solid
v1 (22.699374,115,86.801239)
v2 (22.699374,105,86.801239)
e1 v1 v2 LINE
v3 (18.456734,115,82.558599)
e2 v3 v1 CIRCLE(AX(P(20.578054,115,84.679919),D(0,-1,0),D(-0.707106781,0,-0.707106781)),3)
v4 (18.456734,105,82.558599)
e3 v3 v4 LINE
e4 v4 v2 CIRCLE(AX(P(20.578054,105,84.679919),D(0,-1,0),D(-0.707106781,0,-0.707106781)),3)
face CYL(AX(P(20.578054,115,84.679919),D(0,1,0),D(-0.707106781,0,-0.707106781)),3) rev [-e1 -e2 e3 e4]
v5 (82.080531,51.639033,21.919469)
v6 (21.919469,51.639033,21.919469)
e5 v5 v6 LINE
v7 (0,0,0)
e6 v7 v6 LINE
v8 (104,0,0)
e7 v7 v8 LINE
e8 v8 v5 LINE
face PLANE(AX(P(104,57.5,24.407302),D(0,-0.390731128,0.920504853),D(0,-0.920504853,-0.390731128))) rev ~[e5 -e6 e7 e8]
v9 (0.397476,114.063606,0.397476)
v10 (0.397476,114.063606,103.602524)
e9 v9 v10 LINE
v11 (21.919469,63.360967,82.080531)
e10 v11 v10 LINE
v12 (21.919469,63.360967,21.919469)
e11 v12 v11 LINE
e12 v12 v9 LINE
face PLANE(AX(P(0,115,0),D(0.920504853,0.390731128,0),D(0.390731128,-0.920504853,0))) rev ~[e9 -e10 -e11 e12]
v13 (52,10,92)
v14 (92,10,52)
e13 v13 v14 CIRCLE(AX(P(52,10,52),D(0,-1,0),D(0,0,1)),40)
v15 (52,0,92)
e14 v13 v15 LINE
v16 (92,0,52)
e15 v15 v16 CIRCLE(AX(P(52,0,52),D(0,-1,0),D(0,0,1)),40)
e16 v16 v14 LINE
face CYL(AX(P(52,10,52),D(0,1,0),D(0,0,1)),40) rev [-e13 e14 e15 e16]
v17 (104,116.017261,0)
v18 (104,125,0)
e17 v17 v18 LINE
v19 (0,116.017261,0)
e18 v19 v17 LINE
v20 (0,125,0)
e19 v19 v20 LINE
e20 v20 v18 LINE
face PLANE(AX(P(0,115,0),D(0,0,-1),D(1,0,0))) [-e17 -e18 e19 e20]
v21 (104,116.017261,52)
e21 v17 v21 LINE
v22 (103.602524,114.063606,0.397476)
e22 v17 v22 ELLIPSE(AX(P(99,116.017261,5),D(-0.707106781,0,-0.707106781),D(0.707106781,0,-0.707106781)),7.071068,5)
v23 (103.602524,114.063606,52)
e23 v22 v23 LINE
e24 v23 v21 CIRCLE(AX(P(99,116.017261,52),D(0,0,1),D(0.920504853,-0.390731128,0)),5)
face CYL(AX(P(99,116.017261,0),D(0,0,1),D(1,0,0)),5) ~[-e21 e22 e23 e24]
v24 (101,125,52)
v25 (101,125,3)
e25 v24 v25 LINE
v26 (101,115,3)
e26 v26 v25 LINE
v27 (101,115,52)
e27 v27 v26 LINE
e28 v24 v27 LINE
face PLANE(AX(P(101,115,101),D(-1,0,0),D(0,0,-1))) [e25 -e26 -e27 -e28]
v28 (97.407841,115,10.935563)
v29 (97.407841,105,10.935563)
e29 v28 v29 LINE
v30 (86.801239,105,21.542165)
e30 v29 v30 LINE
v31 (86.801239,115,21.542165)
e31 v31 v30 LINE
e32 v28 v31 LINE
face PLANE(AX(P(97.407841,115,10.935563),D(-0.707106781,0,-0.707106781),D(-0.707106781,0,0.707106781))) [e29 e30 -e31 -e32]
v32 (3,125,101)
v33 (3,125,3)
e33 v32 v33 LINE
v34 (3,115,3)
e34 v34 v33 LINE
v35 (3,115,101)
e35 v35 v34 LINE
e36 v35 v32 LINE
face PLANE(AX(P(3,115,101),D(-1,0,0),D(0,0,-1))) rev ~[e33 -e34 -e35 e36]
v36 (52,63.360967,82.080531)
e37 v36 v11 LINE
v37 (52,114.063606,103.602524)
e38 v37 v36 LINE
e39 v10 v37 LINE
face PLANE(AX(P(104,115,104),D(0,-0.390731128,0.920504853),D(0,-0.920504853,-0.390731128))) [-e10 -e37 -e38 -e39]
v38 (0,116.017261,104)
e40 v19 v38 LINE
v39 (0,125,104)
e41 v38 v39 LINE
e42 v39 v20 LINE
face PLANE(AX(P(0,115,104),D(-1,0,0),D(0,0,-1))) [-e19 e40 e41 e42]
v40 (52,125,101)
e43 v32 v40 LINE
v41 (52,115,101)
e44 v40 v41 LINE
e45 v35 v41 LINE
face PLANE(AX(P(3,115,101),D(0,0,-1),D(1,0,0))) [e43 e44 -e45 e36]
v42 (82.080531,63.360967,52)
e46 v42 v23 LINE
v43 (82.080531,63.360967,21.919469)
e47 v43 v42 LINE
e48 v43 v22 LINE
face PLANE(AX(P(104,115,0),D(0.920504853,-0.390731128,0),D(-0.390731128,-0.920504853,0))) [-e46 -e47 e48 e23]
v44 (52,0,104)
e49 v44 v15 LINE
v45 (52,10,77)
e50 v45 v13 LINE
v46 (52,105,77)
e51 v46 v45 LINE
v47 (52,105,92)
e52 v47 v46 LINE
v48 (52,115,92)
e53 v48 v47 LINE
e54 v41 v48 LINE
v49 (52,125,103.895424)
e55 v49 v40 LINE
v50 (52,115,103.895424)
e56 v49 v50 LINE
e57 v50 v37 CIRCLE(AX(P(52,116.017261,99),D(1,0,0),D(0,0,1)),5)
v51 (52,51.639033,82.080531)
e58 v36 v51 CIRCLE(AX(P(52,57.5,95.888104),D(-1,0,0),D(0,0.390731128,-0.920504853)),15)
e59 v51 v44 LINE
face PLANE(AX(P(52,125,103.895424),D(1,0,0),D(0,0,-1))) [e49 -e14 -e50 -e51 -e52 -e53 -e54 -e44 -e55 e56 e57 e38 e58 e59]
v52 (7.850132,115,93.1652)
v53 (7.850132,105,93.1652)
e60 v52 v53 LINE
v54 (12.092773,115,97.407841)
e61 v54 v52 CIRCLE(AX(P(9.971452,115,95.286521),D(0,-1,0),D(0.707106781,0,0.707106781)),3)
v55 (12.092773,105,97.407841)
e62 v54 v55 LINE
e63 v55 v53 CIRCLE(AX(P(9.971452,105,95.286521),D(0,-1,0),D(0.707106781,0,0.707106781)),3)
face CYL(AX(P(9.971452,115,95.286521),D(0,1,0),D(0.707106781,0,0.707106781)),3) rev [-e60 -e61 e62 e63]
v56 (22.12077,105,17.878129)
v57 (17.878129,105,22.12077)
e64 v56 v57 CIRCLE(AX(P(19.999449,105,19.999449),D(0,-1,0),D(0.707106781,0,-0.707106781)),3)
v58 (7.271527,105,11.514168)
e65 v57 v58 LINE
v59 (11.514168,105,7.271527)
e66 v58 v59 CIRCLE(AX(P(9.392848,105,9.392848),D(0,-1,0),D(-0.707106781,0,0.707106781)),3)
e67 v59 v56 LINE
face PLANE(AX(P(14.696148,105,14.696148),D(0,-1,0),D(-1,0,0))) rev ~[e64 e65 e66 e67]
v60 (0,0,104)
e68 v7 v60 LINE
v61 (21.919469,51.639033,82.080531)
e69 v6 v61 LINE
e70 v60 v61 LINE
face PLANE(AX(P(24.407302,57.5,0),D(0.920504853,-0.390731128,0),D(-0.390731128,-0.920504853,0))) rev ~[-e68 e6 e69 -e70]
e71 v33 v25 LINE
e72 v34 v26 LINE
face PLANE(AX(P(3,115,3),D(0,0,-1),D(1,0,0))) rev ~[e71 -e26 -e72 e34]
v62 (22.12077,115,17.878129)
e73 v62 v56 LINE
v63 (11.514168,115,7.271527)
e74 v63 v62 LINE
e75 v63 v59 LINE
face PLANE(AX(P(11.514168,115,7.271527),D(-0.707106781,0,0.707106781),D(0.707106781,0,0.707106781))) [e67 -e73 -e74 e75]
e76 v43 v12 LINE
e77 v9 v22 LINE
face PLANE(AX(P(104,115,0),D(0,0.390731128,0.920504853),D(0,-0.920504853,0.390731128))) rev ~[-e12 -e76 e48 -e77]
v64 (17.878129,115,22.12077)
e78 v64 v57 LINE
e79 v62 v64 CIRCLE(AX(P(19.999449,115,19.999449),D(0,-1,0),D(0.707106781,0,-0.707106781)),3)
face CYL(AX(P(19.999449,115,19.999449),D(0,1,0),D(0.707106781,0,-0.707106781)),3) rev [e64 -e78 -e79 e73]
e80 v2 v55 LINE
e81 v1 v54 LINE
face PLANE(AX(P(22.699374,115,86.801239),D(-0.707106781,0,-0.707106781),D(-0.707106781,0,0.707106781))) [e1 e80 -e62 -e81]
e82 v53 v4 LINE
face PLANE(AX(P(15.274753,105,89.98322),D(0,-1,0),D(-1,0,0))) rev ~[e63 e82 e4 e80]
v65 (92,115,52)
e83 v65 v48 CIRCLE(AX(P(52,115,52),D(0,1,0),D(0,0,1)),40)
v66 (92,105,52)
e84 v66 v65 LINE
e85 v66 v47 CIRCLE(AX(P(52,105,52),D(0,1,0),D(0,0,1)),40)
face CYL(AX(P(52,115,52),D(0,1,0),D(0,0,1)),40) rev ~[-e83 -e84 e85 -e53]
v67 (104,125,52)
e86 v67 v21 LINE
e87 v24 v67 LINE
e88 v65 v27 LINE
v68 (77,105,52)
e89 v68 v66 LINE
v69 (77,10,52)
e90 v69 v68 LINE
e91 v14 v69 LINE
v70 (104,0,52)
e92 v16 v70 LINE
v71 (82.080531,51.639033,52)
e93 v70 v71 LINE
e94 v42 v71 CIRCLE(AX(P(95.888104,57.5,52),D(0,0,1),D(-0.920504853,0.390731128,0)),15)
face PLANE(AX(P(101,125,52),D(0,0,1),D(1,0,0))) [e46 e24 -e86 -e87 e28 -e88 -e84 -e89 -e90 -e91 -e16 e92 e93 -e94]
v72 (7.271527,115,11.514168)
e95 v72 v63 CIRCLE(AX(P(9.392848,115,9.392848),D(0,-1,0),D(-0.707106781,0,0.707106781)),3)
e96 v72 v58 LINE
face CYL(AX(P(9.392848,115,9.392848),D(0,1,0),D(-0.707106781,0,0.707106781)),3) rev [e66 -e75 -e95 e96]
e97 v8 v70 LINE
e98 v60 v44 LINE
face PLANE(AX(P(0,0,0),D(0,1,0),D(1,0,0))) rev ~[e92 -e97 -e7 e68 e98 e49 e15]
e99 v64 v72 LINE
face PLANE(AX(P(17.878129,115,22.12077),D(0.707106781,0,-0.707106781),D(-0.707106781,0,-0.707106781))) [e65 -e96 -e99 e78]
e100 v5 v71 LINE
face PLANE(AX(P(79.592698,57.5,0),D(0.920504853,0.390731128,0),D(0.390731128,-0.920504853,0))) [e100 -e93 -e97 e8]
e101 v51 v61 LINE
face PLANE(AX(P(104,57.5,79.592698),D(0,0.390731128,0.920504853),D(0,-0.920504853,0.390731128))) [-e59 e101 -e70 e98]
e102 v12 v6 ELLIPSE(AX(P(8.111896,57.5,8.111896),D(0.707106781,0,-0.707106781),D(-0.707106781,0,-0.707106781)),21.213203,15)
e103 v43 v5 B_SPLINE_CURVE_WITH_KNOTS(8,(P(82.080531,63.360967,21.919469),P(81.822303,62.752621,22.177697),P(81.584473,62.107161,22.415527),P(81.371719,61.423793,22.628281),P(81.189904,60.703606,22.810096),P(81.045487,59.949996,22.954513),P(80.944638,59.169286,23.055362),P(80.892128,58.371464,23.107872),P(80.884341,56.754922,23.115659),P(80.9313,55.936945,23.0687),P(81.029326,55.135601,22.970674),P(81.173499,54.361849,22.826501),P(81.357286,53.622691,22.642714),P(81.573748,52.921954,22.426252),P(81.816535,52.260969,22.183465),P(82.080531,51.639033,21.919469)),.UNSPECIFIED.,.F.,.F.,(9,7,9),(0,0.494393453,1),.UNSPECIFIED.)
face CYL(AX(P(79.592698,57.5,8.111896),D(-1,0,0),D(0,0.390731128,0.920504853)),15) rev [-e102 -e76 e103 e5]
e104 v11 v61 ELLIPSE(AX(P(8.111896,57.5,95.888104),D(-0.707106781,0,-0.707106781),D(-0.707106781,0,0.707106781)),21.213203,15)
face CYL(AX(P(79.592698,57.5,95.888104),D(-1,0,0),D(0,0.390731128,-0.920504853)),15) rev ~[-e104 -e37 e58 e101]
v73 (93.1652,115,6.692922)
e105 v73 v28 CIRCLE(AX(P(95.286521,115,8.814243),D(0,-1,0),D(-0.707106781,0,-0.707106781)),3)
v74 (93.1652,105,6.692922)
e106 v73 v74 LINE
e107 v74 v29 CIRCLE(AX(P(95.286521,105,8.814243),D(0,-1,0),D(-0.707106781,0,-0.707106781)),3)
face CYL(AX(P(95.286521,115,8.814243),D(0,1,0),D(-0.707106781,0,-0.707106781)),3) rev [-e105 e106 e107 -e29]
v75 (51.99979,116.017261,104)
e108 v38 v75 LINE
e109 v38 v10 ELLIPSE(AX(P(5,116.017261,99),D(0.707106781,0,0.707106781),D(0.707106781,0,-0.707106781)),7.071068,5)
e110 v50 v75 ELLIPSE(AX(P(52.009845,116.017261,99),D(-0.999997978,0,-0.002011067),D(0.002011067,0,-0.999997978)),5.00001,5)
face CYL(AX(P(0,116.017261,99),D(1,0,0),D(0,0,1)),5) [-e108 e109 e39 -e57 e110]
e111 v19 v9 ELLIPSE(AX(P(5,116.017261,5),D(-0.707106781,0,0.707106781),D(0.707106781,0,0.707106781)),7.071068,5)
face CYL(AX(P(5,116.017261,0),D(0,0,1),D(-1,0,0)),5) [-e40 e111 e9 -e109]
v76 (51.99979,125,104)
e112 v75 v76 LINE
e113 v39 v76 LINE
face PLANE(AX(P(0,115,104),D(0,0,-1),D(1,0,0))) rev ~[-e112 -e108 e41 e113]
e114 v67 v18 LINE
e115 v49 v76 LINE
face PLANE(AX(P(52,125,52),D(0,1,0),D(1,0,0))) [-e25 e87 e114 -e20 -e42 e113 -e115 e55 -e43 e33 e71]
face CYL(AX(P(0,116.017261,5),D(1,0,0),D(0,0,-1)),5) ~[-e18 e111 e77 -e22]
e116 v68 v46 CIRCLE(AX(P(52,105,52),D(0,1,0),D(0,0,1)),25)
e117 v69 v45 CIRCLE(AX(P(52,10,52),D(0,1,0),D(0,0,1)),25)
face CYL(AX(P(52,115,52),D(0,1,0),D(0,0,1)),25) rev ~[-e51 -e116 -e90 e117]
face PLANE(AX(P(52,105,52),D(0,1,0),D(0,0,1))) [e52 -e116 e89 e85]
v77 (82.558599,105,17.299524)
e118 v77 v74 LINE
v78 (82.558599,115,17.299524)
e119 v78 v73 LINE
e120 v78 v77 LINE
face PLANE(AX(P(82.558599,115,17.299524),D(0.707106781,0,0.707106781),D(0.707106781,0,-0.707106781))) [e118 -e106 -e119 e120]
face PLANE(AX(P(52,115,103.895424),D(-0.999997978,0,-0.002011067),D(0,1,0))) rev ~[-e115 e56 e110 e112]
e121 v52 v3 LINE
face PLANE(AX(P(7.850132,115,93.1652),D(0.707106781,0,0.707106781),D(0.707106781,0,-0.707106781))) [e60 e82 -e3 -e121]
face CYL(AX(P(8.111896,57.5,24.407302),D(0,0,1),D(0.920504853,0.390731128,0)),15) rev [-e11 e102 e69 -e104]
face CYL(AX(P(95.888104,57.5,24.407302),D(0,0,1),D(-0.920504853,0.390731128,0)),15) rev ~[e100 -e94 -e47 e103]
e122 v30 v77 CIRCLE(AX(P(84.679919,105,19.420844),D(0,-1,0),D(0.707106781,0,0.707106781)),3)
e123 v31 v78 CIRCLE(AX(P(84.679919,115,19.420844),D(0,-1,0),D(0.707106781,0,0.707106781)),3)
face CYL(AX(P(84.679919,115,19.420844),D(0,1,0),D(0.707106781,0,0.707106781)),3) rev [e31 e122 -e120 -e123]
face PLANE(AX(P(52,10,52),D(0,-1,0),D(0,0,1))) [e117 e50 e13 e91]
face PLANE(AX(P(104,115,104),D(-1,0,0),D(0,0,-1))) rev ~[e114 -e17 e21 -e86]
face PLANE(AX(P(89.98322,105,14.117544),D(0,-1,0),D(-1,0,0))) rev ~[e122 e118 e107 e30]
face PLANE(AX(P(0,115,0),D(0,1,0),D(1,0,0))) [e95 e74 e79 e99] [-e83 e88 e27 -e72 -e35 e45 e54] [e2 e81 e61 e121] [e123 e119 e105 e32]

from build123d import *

# Parameters (mm, degrees)
SKETCH1_W           = 104
SKETCH1_H           = 115
BOSS_EXTRUDE1_DEPTH = 104
CUT_EXTRUDE1_DEPTH  = 187.70029459
CUT_EXTRUDE2_DEPTH  = 187.70029459
SKETCH4_R           = 25
CUT_EXTRUDE3_DEPTH  = 187.70029459
SKETCH5_R           = 40
CUT_EXTRUDE4_DEPTH  = 10
CUT_EXTRUDE5_START  = -10
SKETCH6_R           = 40
CUT_EXTRUDE5_DEPTH  = 10
FILLET1_R           = 15
SKETCH8_W           = 104
SKETCH8_H           = 104
SKETCH8_W_2         = 98
SKETCH8_H_2         = 98
BOSS_EXTRUDE2_DEPTH = 10
FILLET2_R           = 5
CUT_EXTRUDE6_DEPTH  = 10
SKETCH12_W          = 52
SKETCH12_H          = 52
CUT_EXTRUDE8_DEPTH  = 187.70029459
CUT_EXTRUDE9_DEPTH  = 194.020724276
SKETCH15_W          = 52.000105155
SKETCH15_H          = 10
CUT_EXTRUDE12_DEPTH = 194.020497647


with BuildPart() as part:
    # Sketch1 → Boss-Extrude1 (new body)
    with BuildSketch(Plane.XY):
        with Locations((52, 57.5)):
            Rectangle(SKETCH1_W, SKETCH1_H)
    extrude(amount=BOSS_EXTRUDE1_DEPTH)

    # Sketch2 → Cut-Extrude1 (cut, through all)
    with BuildSketch(Plane(origin=(104, 0, 0), x_dir=(0, 0, -1), z_dir=(1, 0, 0))):
        Polygon((-104, 115), (-79.592698068, 57.5), (-104, 0), align=None)
        Polygon((0, 115), (-24.407301932, 57.5), (0, 0), align=None)
    extrude(amount=-CUT_EXTRUDE1_DEPTH, mode=Mode.SUBTRACT)

    # Sketch3 → Cut-Extrude2 (cut, through all)
    with BuildSketch(Plane.XY):
        Polygon((0, 115), (24.407301932, 57.5), (0, 0), align=None)
        Polygon((104, 115), (79.592698068, 57.5), (104, 0), align=None)
    extrude(amount=CUT_EXTRUDE2_DEPTH, mode=Mode.SUBTRACT)

    # Sketch4 → Cut-Extrude3 (cut, through all)
    with BuildSketch(Plane(origin=(0, 115, 0), x_dir=(1, 0, 0), z_dir=(0, 1, 0))):
        with Locations(Location((52, -52, 0), (0, 0, 270))):
            Circle(SKETCH4_R)
    extrude(amount=-CUT_EXTRUDE3_DEPTH, mode=Mode.SUBTRACT)

    # Sketch5 → Cut-Extrude4 (cut)
    with BuildSketch(Plane(origin=(0, 115, 0), x_dir=(1, 0, 0), z_dir=(0, 1, 0))):
        with Locations(Location((52, -52, 0), (0, 0, 270))):
            Circle(SKETCH5_R)
    extrude(amount=-CUT_EXTRUDE4_DEPTH, mode=Mode.SUBTRACT)

    # Sketch6 → Cut-Extrude5 (cut)
    with BuildSketch(Plane.XZ.offset(CUT_EXTRUDE5_START)):
        with Locations(Location((52, 52, 0), (0, 0, 90))):
            Circle(SKETCH6_R)
    extrude(amount=CUT_EXTRUDE5_DEPTH, mode=Mode.SUBTRACT)

    # Fillet1
    fillet1_edges = [part.edges().sort_by_distance(p)[0] for p in [
        (52, 57.5, 79.592698068),
        (52, 57.5, 24.407301932),
        (24.407301932, 57.5, 52),
        (79.592698068, 57.5, 52),
    ]]
    fillet(fillet1_edges, radius=FILLET1_R)

    # Sketch8 → Boss-Extrude2 (add)
    with BuildSketch(Plane(origin=(0, 115, 0), x_dir=(1, 0, 0), z_dir=(0, 1, 0))):
        with Locations((52, -52)):
            Rectangle(SKETCH8_W, SKETCH8_H)
        with Locations((52, -52)):
            Rectangle(SKETCH8_W_2, SKETCH8_H_2, mode=Mode.SUBTRACT)
    extrude(amount=BOSS_EXTRUDE2_DEPTH)

    # Fillet2
    fillet2_edges = [part.edges().sort_by_distance(p)[0] for p in [
        (52, 115, 104),
        (52, 115, 0),
        (0, 115, 52),
        (104, 115, 52),
    ]]
    fillet(fillet2_edges, radius=FILLET2_R)

    # Sketch11 → Cut-Extrude6 (cut)
    with BuildSketch(Plane(origin=(0, 115, 0), x_dir=(1, 0, 0), z_dir=(0, 1, 0))):
        with BuildLine():
            Line((97.40784106, -10.935563022), (86.801239342, -21.54216474))
            ThreePointArc((86.801239342, -21.54216474), (82.558598655, -21.54216474), (82.558598655, -17.299524053))
            Line((82.558598655, -17.299524053), (93.165200373, -6.692922335))
            ThreePointArc((93.165200373, -6.692922335), (97.40784106, -6.692922335), (97.40784106, -10.935563022))
        make_face()
        with BuildLine():
            Line((11.514167897, -7.27152721), (22.120769615, -17.878128928))
            ThreePointArc((22.120769615, -17.878128928), (22.120769615, -22.120769615), (17.878128928, -22.120769615))
            Line((17.878128928, -22.120769615), (7.27152721, -11.514167897))
            ThreePointArc((7.27152721, -11.514167897), (7.27152721, -7.27152721), (11.514167897, -7.27152721))
        make_face()
        with BuildLine():
            Line((93.743805248, -96.829236185), (83.13720353, -86.222634468))
            ThreePointArc((83.13720353, -86.222634468), (83.13720353, -81.97999378), (87.379844217, -81.97999378))
            Line((87.379844217, -81.97999378), (97.986445935, -92.586595498))
            ThreePointArc((97.986445935, -92.586595498), (97.986445935, -96.829236185), (93.743805248, -96.829236185))
        make_face()
        with BuildLine():
            Line((7.850132085, -93.165200373), (18.456733803, -82.558598655))
            ThreePointArc((18.456733803, -82.558598655), (22.69937449, -82.558598655), (22.69937449, -86.801239342))
            Line((22.69937449, -86.801239342), (12.092772772, -97.40784106))
            ThreePointArc((12.092772772, -97.40784106), (7.850132085, -97.40784106), (7.850132085, -93.165200373))
        make_face()
    extrude(amount=-CUT_EXTRUDE6_DEPTH, mode=Mode.SUBTRACT)

    # Sketch12 → Cut-Extrude8 (cut, through all)
    with BuildSketch(Plane(origin=(0, 115, 0), x_dir=(1, 0, 0), z_dir=(0, 1, 0))):
        with Locations((78, -78)):
            Rectangle(SKETCH12_W, SKETCH12_H)
    extrude(amount=-CUT_EXTRUDE8_DEPTH, mode=Mode.SUBTRACT)

    # Sketch13 → Cut-Extrude9 (cut, through all)
    with BuildSketch(Plane(origin=(0, 125, 0), x_dir=(1, 0, 0), z_dir=(0, 1, 0))):
        Polygon((101, -52), (104, -52), (104, -104), (52, -103.895424297), (52, -101), (101, -101), align=None)
    extrude(amount=-CUT_EXTRUDE9_DEPTH, mode=Mode.SUBTRACT)

    # Sketch15 → Cut-Extrude12 (cut, through all)
    with BuildSketch(Plane(origin=(-0.208729944, 0, 103.790428823), x_dir=(-0.9999979778024204, 0, -0.002011067147068195), z_dir=(0.002011067147068195, 0, -0.9999979778024204))):
        with Locations((-78.208888098, 120)):
            Rectangle(SKETCH15_W, SKETCH15_H)
    extrude(amount=-CUT_EXTRUDE12_DEPTH, mode=Mode.SUBTRACT)


solid = part.part
